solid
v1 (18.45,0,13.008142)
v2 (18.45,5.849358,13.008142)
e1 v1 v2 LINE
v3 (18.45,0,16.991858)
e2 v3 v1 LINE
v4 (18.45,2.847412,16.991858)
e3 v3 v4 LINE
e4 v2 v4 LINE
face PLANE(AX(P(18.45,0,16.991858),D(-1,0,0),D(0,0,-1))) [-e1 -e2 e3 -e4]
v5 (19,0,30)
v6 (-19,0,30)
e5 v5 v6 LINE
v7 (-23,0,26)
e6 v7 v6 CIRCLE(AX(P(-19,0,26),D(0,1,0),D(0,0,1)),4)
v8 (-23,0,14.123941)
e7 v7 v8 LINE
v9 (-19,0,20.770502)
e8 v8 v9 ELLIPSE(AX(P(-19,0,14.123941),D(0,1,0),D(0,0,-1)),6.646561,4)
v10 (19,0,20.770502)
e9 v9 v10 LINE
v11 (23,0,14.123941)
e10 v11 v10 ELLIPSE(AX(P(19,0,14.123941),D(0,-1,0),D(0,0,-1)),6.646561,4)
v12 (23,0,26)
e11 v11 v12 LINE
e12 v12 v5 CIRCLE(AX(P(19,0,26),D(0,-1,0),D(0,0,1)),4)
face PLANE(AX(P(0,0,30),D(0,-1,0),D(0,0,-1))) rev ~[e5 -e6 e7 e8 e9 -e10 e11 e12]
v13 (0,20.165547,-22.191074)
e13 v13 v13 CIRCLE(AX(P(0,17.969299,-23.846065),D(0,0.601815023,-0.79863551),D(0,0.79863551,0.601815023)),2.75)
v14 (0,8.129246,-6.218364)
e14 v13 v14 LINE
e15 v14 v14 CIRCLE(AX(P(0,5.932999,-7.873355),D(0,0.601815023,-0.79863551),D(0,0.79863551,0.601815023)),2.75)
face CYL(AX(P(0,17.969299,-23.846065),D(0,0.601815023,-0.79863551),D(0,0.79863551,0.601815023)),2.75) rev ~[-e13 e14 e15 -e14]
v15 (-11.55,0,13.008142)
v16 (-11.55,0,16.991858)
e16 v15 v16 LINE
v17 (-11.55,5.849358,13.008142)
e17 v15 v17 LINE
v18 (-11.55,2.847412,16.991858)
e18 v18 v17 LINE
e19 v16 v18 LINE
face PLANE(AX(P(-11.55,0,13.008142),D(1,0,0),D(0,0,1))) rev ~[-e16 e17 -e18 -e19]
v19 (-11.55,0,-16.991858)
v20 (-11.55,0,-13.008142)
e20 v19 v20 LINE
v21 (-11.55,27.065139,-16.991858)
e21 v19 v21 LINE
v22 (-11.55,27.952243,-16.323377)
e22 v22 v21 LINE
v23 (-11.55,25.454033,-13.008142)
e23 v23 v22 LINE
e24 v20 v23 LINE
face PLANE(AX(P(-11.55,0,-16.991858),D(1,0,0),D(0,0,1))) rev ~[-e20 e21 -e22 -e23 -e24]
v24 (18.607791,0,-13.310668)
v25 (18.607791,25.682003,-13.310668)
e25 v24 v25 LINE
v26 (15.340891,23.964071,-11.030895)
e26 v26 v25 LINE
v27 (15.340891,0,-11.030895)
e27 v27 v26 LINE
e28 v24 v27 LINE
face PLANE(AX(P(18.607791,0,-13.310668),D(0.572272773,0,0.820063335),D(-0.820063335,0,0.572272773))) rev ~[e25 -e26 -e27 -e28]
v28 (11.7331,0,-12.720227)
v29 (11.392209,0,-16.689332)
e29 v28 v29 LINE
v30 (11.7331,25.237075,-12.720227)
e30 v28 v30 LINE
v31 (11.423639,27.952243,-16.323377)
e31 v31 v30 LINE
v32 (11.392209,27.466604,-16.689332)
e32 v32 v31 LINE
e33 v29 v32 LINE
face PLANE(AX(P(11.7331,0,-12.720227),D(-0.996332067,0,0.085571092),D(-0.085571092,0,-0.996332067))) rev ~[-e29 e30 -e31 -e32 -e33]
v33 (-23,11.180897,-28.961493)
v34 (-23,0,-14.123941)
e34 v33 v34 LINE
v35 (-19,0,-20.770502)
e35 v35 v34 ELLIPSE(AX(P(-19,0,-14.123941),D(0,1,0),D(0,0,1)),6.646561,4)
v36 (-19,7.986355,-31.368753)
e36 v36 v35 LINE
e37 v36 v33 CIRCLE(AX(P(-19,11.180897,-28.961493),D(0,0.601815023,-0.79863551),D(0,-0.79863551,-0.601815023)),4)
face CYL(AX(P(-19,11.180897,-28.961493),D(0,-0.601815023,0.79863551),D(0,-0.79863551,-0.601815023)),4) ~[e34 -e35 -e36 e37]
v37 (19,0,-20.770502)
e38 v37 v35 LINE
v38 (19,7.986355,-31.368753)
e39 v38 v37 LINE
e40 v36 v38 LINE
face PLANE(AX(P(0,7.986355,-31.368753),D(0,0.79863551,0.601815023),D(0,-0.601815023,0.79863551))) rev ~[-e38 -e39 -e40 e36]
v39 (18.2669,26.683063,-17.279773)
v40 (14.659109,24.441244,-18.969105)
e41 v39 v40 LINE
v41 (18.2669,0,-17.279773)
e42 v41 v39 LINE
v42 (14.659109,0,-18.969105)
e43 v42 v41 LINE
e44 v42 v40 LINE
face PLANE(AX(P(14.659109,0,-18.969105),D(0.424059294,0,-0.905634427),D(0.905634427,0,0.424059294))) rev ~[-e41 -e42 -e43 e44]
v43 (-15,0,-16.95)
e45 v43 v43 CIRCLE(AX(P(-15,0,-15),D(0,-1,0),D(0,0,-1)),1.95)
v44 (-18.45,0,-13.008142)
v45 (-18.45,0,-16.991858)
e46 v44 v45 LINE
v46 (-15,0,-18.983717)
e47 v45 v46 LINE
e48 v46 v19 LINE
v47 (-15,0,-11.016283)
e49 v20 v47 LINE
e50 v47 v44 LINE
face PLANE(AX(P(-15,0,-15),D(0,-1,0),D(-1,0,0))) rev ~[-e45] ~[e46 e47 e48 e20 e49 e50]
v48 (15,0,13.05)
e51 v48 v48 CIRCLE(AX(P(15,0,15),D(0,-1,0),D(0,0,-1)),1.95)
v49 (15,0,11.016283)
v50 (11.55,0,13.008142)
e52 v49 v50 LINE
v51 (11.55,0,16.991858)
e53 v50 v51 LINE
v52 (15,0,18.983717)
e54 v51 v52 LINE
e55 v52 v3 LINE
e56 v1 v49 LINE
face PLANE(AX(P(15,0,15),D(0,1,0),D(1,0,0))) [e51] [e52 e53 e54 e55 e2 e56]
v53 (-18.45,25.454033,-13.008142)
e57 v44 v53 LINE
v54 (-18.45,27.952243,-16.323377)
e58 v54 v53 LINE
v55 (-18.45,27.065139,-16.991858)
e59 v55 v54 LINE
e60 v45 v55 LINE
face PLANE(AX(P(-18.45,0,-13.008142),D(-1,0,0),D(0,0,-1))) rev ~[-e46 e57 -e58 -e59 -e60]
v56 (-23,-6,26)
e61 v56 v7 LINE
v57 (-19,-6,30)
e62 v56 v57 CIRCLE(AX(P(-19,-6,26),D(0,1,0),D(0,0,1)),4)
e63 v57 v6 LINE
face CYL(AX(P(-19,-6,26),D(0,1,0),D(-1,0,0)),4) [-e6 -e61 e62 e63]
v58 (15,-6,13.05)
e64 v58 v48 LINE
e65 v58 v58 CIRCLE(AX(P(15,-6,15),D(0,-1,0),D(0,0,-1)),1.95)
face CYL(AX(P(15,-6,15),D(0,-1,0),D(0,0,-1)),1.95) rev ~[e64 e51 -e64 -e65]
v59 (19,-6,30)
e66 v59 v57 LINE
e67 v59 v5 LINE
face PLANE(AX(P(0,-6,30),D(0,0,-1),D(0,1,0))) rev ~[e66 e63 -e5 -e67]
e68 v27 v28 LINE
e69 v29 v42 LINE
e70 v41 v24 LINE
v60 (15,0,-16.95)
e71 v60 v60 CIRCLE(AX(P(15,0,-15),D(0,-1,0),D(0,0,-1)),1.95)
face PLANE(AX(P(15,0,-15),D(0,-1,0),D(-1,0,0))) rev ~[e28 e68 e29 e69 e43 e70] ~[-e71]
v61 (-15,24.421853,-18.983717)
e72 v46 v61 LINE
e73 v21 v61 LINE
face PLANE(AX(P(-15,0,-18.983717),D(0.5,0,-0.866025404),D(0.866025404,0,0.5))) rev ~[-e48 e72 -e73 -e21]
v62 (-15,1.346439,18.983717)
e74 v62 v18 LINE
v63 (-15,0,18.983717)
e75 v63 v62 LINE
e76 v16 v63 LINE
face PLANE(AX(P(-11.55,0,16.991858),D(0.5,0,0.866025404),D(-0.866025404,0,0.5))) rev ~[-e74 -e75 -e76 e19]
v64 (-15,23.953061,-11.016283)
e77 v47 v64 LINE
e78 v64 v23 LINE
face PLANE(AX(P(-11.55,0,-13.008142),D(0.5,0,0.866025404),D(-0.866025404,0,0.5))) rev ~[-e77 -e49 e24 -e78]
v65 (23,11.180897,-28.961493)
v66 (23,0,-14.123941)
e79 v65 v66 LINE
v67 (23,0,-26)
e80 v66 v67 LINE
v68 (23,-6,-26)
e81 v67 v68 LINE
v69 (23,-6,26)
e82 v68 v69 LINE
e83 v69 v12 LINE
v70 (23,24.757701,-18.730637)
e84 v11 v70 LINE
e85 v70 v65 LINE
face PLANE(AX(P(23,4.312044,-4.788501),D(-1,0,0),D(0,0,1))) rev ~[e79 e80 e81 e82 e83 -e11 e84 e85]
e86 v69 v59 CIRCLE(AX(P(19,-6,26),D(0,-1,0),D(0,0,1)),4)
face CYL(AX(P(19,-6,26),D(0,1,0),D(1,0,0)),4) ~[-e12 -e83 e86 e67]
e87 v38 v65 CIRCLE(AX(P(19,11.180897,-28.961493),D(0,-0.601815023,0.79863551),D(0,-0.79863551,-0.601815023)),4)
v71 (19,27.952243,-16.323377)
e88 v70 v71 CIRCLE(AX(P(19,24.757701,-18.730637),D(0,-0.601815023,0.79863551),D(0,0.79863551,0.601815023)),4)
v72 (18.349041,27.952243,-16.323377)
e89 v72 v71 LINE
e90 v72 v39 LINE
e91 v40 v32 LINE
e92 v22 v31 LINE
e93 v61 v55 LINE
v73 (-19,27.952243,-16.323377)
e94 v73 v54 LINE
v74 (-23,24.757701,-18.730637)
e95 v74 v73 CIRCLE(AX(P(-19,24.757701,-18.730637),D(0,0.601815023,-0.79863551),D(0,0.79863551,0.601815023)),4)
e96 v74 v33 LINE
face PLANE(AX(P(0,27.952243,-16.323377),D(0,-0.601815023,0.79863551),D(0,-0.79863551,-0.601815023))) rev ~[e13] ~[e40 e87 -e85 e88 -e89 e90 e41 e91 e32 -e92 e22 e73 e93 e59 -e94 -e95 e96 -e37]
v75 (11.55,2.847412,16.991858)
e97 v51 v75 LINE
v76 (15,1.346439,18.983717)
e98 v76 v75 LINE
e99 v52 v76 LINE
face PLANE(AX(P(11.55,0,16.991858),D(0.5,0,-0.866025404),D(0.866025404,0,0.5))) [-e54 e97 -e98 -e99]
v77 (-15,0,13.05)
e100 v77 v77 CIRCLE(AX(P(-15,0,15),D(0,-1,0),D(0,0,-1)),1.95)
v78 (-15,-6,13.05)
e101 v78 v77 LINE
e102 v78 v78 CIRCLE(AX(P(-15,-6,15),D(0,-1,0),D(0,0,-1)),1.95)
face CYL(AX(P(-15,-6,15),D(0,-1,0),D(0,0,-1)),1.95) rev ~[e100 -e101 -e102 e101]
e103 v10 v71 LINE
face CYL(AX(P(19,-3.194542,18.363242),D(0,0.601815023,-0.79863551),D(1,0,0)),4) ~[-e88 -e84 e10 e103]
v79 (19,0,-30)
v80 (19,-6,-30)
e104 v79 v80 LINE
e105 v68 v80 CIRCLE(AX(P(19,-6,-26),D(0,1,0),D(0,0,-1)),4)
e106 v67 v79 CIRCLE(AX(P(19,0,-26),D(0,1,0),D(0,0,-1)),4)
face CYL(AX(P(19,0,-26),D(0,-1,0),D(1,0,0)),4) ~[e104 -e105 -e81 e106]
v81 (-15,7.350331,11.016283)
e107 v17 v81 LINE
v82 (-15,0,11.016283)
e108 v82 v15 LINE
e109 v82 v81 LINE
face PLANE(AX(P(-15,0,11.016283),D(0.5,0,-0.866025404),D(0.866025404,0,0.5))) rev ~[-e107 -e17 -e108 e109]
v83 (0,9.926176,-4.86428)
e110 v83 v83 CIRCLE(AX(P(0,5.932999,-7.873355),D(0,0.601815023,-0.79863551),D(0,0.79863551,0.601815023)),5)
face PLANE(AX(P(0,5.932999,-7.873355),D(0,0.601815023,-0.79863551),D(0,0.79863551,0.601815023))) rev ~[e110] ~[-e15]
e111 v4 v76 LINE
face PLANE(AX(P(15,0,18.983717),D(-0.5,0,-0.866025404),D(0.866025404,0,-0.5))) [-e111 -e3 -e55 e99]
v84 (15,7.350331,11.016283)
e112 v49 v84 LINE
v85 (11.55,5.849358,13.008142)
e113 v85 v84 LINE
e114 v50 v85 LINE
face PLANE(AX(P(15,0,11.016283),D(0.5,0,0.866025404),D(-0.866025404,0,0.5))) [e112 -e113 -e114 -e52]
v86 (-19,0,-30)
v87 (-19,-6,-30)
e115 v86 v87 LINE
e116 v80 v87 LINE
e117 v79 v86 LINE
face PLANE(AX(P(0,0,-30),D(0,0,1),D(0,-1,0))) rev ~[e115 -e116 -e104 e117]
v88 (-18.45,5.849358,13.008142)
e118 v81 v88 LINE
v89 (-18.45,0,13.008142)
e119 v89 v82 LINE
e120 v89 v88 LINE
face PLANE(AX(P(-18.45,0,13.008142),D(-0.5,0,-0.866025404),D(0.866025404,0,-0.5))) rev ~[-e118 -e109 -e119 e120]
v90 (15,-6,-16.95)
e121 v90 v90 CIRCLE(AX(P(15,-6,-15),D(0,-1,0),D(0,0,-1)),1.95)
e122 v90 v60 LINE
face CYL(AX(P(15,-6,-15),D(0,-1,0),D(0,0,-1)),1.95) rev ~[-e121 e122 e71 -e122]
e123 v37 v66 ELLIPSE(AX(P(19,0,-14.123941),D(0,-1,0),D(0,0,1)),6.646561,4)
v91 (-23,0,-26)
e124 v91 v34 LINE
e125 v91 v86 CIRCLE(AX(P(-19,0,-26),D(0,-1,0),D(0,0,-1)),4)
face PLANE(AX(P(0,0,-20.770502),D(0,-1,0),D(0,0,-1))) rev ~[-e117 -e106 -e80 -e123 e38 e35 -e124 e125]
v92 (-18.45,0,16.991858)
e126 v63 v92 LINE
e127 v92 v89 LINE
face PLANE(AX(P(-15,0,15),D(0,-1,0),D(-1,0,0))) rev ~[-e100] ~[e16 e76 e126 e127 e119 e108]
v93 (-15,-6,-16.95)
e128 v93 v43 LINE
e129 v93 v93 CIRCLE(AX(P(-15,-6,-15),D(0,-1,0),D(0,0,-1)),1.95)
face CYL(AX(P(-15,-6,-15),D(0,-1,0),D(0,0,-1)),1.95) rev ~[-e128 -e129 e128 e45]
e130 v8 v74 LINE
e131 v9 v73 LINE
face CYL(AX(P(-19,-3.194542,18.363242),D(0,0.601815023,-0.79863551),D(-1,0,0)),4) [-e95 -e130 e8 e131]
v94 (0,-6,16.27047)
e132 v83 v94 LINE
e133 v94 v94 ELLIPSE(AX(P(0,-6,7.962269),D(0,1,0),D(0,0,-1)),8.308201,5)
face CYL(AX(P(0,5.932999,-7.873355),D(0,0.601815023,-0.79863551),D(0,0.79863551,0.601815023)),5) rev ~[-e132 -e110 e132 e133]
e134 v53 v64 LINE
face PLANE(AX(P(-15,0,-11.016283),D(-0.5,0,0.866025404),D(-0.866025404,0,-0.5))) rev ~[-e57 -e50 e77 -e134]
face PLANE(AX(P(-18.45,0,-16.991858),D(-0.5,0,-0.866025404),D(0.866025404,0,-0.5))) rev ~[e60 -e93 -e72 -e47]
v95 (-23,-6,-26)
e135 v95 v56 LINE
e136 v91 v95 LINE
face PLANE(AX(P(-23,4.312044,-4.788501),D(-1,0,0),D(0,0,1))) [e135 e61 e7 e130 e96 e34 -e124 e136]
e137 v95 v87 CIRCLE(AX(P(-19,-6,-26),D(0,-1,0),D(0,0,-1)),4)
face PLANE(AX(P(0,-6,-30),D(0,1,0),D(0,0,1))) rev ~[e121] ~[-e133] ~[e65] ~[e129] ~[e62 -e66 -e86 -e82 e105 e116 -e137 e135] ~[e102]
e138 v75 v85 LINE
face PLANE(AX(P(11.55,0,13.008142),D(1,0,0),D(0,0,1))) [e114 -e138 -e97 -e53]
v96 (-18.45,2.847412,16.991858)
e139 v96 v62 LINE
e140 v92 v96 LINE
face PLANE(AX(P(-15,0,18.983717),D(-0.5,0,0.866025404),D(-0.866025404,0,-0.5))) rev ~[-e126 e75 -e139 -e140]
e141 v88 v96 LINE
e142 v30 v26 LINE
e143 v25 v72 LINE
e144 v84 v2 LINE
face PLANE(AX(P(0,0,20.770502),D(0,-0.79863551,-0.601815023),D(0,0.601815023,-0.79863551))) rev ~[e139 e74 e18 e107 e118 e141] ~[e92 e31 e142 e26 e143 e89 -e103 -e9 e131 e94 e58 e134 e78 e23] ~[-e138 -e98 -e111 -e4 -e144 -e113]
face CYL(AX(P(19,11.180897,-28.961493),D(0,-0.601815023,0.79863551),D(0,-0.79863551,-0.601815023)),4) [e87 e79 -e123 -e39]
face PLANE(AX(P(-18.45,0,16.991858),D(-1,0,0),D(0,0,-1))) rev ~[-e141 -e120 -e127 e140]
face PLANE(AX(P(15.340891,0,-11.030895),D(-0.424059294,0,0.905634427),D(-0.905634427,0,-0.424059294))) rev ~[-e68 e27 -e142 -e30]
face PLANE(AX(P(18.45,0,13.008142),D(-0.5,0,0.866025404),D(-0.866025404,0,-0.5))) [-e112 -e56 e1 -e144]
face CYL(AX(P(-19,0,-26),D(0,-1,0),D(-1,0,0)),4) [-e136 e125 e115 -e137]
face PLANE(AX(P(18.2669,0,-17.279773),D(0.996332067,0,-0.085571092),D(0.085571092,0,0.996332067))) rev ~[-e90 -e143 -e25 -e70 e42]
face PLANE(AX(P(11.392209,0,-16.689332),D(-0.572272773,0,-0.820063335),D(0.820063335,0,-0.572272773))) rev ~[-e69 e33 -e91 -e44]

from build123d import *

# Parameters (mm, degrees)
BOSS_EXTRUDE1_DEPTH = 23
CUT_EXTRUDE1_REACH  = 53.631
SKETCH4_R           = 1.95
CUT_EXTRUDE3_REACH  = 59.631
CUT_EXTRUDE3_START  = -6
CUT_EXTRUDE4_REACH  = 65.269
SKETCH7_R           = 2.75
CUT_EXTRUDE5_REACH  = 85.269
CUT_EXTRUDE5_START  = -20
SKETCH8_R           = 5
FILLET1_R           = 4


with BuildPart() as part:
    # Sketch3 → Boss-Extrude1 (new, symmetric)
    with BuildSketch(Plane(origin=(0, 0, 0), x_dir=(0, 0, -1), z_dir=(1, 0, 0))):
        Polygon((31.368752944, 7.9863551), (20.770501764, 0), (30, 0), (30, -6), (-30, -6), (-30, 0), (-20.770501764, 0), (16.323377365, 27.952242852), align=None)
    extrude(amount=BOSS_EXTRUDE1_DEPTH, both=True)

    # Sketch4 → Cut-Extrude1 (cut, up to next)
    with BuildSketch(Plane(origin=(0, -6, 0), x_dir=(-1, 0, 0), z_dir=(0, -1, 0)), mode=Mode.PRIVATE) as cut_extrude1_sk1:
        with Locations(Location((15, 15, 0), (0, 0, 90))):
            Circle(SKETCH4_R)
    cut_extrude1_tool1 = extrude(cut_extrude1_sk1.sketch, amount=-CUT_EXTRUDE1_REACH, mode=Mode.PRIVATE) & part.part
    # Sketch4 → Cut-Extrude1 (cut, up to next)
    with BuildSketch(Plane(origin=(0, -6, 0), x_dir=(-1, 0, 0), z_dir=(0, -1, 0)), mode=Mode.PRIVATE) as cut_extrude1_sk2:
        with Locations(Location((15, -15, 0), (0, 0, 90))):
            Circle(SKETCH4_R)
    cut_extrude1_tool2 = extrude(cut_extrude1_sk2.sketch, amount=-CUT_EXTRUDE1_REACH, mode=Mode.PRIVATE) & part.part
    # Sketch4 → Cut-Extrude1 (cut, up to next)
    with BuildSketch(Plane(origin=(0, -6, 0), x_dir=(-1, 0, 0), z_dir=(0, -1, 0)), mode=Mode.PRIVATE) as cut_extrude1_sk3:
        with Locations(Location((-15, -15, 0), (0, 0, 90))):
            Circle(SKETCH4_R)
    cut_extrude1_tool3 = extrude(cut_extrude1_sk3.sketch, amount=-CUT_EXTRUDE1_REACH, mode=Mode.PRIVATE) & part.part
    # Sketch4 → Cut-Extrude1 (cut, up to next)
    with BuildSketch(Plane(origin=(0, -6, 0), x_dir=(-1, 0, 0), z_dir=(0, -1, 0)), mode=Mode.PRIVATE) as cut_extrude1_sk4:
        with Locations(Location((-15, 15, 0), (0, 0, 90))):
            Circle(SKETCH4_R)
    cut_extrude1_tool4 = extrude(cut_extrude1_sk4.sketch, amount=-CUT_EXTRUDE1_REACH, mode=Mode.PRIVATE) & part.part
    add(cut_extrude1_tool1.solids().sort_by_distance((-15, -6, -15))[0], mode=Mode.SUBTRACT)
    add(cut_extrude1_tool2.solids().sort_by_distance((-15, -6, 15))[0], mode=Mode.SUBTRACT)
    add(cut_extrude1_tool3.solids().sort_by_distance((15, -6, 15))[0], mode=Mode.SUBTRACT)
    add(cut_extrude1_tool4.solids().sort_by_distance((15, -6, -15))[0], mode=Mode.SUBTRACT)

    # Sketch6 → Cut-Extrude3 (cut, up to next)
    with BuildSketch(Plane(origin=(0, -6, 0), x_dir=(-1, 0, 0), z_dir=(0, -1, 0)).offset(CUT_EXTRUDE3_START), mode=Mode.PRIVATE) as cut_extrude3_sk1:
        Polygon((-15, -18.983716857), (-18.45, -16.991858429), (-18.45, -13.008141571), (-15, -11.016283143), (-11.55, -13.008141571), (-11.55, -16.991858429), align=None)
    cut_extrude3_tool1 = extrude(cut_extrude3_sk1.sketch, amount=-CUT_EXTRUDE3_REACH, mode=Mode.PRIVATE) & part.part
    # Sketch6 → Cut-Extrude3 (cut, up to next)
    with BuildSketch(Plane(origin=(0, -6, 0), x_dir=(-1, 0, 0), z_dir=(0, -1, 0)).offset(CUT_EXTRUDE3_START), mode=Mode.PRIVATE) as cut_extrude3_sk2:
        Polygon((18.45, -16.991858429), (18.45, -13.008141571), (15, -11.016283143), (11.55, -13.008141571), (11.55, -16.991858429), (15, -18.983716857), align=None)
    cut_extrude3_tool2 = extrude(cut_extrude3_sk2.sketch, amount=-CUT_EXTRUDE3_REACH, mode=Mode.PRIVATE) & part.part
    # Sketch6 → Cut-Extrude3 (cut, up to next)
    with BuildSketch(Plane(origin=(0, -6, 0), x_dir=(-1, 0, 0), z_dir=(0, -1, 0)).offset(CUT_EXTRUDE3_START), mode=Mode.PRIVATE) as cut_extrude3_sk3:
        Polygon((15, 11.016283143), (18.45, 13.008141571), (18.45, 16.991858429), (15, 18.983716857), (11.55, 16.991858429), (11.55, 13.008141571), align=None)
    cut_extrude3_tool3 = extrude(cut_extrude3_sk3.sketch, amount=-CUT_EXTRUDE3_REACH, mode=Mode.PRIVATE) & part.part
    # Sketch6 → Cut-Extrude3 (cut, up to next)
    with BuildSketch(Plane(origin=(0, -6, 0), x_dir=(-1, 0, 0), z_dir=(0, -1, 0)).offset(CUT_EXTRUDE3_START), mode=Mode.PRIVATE) as cut_extrude3_sk4:
        Polygon((-11.733099869, 12.720227307), (-11.392208867, 16.689332159), (-14.659108999, 18.969104852), (-18.266900131, 17.279772693), (-18.607791133, 13.310667841), (-15.340891001, 11.030895148), align=None)
    cut_extrude3_tool4 = extrude(cut_extrude3_sk4.sketch, amount=-CUT_EXTRUDE3_REACH, mode=Mode.PRIVATE) & part.part
    add(cut_extrude3_tool1.solids().sort_by_distance((15, 0, 15))[0], mode=Mode.SUBTRACT)
    add(cut_extrude3_tool2.solids().sort_by_distance((-15, 0, 15))[0], mode=Mode.SUBTRACT)
    add(cut_extrude3_tool3.solids().sort_by_distance((-15, 0, -15))[0], mode=Mode.SUBTRACT)
    add(cut_extrude3_tool4.solids().sort_by_distance((15, 0, -15))[0], mode=Mode.SUBTRACT)

    # Cut-Extrude4: up to this plane
    cut_extrude4_end = Plane(origin=(23, -6, -30), z_dir=(0, 1, 0))
    # Sketch7 → Cut-Extrude4 (cut, up to the surface)
    with BuildSketch(Plane(origin=(0, 17.969298976, -23.846065154), x_dir=(-1, 0, 0), z_dir=(0, 0.6018150231520492, -0.7986355100472922)), mode=Mode.PRIVATE) as cut_extrude4_sk1:
        with Locations(Location((0, 0, 0), (0, 0, 90))):
            Circle(SKETCH7_R)
    cut_extrude4_tool1 = split(extrude(cut_extrude4_sk1.sketch, amount=-CUT_EXTRUDE4_REACH, mode=Mode.PRIVATE), bisect_by=cut_extrude4_end, keep=Keep.BOTH, mode=Mode.PRIVATE)
    add(cut_extrude4_tool1.solids().sort_by_distance((0, 17.969299, -23.846065))[0], mode=Mode.SUBTRACT)

    # Cut-Extrude5: up to this plane
    cut_extrude5_end = Plane(origin=(23, -6, -30), z_dir=(0, 1, 0))
    # Sketch8 → Cut-Extrude5 (cut, up to the surface)
    with BuildSketch(Plane(origin=(0, 17.969298976, -23.846065154), x_dir=(-1, 0, 0), z_dir=(0, 0.6018150231520492, -0.7986355100472922)).offset(CUT_EXTRUDE5_START), mode=Mode.PRIVATE) as cut_extrude5_sk1:
        with Locations(Location((0, 0, 0), (0, 0, 90))):
            Circle(SKETCH8_R)
    cut_extrude5_tool1 = split(extrude(cut_extrude5_sk1.sketch, amount=-CUT_EXTRUDE5_REACH, mode=Mode.PRIVATE), bisect_by=cut_extrude5_end, keep=Keep.BOTH, mode=Mode.PRIVATE)
    add(cut_extrude5_tool1.solids().sort_by_distance((0, 5.932999, -7.873355))[0], mode=Mode.SUBTRACT)

    # Fillet1
    fillet1_edges = [part.edges().sort_by_distance(p)[0] for p in [
        (-23, 13.976121426, 2.2235622),
        (23, -3, 30),
        (23, -3, -30),
        (23, 3.99317755, -26.069627354),
        (23, 13.976121426, 2.2235622),
        (-23, 3.99317755, -26.069627354),
        (-23, -3, -30),
        (-23, -3, 30),
    ]]
    fillet(fillet1_edges, radius=FILLET1_R)


solid = part.part
